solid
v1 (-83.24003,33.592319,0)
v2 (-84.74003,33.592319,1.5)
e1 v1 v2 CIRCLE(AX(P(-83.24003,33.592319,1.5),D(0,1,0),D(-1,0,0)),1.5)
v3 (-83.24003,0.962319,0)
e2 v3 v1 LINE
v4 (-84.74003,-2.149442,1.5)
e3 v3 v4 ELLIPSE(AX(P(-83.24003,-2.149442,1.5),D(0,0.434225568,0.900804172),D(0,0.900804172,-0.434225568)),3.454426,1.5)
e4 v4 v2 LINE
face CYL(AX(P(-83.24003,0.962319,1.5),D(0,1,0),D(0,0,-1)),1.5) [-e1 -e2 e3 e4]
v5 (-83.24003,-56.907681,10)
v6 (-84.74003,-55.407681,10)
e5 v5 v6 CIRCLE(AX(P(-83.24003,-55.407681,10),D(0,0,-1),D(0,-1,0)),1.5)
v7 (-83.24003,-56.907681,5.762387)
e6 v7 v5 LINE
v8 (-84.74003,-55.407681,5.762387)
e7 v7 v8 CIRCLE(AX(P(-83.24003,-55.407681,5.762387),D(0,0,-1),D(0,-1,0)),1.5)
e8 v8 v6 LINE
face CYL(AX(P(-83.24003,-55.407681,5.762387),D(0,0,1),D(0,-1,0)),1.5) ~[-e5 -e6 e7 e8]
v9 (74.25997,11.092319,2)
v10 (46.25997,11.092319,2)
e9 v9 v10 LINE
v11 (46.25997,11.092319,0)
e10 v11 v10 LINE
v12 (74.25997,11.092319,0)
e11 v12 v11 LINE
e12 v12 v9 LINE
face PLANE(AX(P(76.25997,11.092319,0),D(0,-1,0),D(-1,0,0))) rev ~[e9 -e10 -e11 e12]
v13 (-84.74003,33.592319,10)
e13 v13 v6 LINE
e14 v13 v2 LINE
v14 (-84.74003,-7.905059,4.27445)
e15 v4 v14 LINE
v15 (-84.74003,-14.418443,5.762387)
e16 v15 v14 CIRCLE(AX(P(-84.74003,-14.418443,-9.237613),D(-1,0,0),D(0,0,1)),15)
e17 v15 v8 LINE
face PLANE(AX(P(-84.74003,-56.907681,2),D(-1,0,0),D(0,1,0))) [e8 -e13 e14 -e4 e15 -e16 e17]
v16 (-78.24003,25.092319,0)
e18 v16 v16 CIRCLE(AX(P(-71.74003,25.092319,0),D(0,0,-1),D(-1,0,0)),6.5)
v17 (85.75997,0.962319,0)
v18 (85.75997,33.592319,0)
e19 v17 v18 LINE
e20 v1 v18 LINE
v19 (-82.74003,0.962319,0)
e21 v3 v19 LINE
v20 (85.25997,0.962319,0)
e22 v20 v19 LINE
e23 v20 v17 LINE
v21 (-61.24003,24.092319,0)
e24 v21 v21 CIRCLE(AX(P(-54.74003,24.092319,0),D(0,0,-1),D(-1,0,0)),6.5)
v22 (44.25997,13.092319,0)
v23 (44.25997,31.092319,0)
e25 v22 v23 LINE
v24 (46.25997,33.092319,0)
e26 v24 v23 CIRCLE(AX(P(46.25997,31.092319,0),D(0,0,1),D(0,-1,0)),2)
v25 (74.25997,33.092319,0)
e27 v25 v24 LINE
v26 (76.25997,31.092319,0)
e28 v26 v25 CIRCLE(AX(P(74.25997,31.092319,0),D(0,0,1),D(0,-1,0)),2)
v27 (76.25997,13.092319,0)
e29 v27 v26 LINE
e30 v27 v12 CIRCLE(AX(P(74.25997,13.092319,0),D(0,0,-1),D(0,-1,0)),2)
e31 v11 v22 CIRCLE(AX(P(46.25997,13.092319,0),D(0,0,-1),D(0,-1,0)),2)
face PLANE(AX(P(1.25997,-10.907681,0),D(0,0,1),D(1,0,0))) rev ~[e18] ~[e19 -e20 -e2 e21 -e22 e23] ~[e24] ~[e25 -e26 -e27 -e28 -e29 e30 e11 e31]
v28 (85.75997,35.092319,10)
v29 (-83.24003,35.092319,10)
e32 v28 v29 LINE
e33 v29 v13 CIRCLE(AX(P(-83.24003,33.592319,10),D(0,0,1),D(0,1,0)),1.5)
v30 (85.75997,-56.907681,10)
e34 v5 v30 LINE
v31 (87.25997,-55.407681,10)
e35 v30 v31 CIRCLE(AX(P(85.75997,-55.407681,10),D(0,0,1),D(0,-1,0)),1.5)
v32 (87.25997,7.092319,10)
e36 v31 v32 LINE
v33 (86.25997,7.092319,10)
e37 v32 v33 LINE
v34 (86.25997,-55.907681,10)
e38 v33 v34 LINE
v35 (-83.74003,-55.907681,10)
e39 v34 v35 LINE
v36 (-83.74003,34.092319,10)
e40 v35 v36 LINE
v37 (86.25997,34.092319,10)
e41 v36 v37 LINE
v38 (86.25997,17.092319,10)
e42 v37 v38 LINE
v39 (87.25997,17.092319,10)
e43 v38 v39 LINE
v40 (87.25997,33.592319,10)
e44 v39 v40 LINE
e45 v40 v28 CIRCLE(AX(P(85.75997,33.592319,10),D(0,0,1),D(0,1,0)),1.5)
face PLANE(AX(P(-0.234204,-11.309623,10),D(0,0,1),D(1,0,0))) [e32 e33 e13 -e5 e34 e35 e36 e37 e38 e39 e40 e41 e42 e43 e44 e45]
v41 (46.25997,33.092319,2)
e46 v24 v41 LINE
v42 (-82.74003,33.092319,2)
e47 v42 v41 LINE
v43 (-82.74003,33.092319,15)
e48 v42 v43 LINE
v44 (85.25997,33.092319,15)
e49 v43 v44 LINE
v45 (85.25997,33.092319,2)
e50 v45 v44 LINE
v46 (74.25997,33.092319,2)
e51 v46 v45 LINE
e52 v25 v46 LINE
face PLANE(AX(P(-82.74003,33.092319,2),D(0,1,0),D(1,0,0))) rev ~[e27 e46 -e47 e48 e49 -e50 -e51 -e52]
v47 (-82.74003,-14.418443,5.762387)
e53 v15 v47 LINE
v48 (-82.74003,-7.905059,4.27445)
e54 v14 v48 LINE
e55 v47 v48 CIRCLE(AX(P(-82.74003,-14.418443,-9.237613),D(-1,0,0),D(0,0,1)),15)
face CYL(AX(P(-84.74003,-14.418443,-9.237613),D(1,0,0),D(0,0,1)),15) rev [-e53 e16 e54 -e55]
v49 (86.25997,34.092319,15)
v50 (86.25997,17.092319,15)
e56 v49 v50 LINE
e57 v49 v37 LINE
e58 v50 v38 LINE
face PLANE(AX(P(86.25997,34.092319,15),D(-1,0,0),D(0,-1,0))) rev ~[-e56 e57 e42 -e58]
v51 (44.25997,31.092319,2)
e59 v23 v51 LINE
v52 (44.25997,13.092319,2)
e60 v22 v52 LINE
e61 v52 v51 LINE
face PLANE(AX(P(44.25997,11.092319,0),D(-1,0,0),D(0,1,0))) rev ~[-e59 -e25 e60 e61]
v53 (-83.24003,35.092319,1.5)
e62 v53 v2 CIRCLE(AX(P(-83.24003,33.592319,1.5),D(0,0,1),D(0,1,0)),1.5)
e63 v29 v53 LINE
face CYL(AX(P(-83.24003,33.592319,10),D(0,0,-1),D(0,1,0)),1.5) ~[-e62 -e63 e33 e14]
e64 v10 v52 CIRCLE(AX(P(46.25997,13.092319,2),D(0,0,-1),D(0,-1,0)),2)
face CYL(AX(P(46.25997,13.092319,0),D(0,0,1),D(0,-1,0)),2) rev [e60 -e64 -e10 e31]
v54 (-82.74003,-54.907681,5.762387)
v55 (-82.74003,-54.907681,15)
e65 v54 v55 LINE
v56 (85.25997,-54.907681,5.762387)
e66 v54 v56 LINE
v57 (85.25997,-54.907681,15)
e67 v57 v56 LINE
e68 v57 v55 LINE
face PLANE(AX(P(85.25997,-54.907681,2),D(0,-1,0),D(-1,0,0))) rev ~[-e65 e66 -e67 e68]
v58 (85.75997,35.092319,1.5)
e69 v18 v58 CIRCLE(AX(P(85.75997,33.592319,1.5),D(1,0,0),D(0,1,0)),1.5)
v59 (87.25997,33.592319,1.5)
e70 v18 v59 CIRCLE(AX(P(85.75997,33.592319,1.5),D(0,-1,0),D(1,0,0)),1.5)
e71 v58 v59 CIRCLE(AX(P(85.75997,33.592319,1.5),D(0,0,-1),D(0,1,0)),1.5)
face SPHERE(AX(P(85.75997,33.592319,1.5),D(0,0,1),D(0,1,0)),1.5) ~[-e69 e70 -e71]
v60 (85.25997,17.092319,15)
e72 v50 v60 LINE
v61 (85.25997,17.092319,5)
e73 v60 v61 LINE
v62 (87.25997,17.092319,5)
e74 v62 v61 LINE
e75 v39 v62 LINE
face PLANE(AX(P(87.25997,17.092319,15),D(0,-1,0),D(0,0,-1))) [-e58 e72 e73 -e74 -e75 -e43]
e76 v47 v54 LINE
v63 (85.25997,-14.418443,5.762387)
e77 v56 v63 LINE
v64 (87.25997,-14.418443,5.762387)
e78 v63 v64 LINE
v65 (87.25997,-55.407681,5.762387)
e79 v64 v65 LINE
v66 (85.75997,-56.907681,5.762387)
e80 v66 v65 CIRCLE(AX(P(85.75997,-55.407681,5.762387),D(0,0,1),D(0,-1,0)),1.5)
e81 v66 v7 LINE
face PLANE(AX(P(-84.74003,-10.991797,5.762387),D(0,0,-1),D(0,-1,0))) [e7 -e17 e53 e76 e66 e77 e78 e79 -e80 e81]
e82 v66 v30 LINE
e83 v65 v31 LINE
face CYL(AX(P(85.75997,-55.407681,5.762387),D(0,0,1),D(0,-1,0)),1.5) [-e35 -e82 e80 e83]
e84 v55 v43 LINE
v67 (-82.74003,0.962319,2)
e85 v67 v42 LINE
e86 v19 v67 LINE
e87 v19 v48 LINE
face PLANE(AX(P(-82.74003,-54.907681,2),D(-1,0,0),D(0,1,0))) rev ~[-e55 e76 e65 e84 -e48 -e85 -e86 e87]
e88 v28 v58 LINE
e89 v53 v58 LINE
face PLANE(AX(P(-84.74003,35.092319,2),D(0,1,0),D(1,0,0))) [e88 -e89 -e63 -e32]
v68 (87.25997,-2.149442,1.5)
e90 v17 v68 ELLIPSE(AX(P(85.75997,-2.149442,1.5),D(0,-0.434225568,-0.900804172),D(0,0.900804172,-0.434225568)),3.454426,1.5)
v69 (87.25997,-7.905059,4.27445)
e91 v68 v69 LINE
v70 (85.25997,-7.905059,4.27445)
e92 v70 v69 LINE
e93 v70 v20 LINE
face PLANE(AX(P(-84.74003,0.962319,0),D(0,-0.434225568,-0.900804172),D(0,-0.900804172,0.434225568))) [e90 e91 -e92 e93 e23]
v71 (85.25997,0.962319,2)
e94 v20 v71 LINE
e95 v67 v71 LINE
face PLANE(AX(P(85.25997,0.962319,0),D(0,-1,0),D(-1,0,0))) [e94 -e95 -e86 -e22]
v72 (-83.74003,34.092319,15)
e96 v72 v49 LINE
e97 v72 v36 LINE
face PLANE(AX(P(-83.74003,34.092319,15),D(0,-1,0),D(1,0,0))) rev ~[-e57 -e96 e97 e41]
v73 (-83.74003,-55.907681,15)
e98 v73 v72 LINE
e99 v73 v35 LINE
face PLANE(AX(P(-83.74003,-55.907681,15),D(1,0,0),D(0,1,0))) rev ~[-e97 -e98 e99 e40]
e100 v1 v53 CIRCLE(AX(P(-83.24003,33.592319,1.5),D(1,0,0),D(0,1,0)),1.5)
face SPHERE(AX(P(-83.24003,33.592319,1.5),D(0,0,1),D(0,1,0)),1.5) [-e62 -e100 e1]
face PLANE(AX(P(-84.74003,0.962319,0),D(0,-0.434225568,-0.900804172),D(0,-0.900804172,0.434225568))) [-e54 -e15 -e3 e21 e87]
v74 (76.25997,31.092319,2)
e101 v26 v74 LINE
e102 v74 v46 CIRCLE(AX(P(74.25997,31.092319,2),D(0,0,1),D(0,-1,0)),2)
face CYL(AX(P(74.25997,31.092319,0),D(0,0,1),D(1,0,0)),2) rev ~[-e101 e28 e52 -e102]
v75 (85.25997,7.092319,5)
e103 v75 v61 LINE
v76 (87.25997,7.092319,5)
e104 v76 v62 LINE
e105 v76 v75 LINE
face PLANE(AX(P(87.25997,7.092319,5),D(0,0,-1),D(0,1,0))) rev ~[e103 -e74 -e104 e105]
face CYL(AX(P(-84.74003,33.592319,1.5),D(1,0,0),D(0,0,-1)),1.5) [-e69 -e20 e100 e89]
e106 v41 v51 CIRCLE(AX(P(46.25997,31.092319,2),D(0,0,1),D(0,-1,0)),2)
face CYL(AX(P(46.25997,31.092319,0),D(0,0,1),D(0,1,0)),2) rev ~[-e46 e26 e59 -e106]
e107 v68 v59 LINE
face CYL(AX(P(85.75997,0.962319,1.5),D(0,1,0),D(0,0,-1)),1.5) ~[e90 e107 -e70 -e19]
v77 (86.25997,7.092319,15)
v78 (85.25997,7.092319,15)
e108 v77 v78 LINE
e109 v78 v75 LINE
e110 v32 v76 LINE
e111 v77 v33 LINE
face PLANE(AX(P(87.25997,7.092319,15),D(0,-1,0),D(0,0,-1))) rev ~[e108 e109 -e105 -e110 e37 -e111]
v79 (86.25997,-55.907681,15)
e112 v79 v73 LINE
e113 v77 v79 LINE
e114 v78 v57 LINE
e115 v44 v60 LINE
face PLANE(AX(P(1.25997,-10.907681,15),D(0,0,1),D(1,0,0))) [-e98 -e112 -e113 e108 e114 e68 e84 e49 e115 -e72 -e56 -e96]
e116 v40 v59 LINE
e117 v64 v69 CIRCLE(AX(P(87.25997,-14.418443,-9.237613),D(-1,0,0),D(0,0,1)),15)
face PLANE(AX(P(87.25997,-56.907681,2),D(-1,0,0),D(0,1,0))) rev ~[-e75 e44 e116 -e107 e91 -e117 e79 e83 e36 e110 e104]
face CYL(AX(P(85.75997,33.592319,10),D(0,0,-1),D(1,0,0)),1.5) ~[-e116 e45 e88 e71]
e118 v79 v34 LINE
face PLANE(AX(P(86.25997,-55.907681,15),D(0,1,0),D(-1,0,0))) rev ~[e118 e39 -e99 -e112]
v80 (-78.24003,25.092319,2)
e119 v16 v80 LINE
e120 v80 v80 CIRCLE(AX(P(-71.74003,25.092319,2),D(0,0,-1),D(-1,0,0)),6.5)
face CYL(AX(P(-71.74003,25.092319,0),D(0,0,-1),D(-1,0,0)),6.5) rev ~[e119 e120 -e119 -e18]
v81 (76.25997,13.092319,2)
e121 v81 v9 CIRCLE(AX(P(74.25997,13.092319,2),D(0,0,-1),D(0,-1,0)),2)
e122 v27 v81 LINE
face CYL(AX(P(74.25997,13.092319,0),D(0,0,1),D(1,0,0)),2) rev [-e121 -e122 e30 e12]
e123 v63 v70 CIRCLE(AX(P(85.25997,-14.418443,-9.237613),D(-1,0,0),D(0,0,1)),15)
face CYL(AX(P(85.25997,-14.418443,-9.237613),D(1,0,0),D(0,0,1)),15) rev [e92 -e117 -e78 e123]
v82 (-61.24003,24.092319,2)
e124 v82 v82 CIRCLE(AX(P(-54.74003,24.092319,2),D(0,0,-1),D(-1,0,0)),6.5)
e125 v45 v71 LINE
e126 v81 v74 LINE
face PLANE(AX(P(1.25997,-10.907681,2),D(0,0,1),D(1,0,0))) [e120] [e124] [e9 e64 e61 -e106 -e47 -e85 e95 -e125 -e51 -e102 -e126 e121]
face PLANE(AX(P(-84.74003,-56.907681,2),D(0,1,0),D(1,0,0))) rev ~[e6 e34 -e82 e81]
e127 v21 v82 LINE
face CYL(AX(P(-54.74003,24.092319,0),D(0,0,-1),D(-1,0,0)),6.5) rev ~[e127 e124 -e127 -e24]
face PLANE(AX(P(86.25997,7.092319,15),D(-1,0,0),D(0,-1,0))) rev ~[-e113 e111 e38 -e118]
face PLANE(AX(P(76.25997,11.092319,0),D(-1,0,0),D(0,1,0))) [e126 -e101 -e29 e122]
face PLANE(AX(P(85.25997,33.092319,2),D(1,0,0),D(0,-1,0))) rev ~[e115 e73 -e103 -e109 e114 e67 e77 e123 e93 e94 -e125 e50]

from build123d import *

# Parameters (mm, degrees)
SKETCH_1_W               = 172
SKETCH_1_H               = 92
EXTRUDE_1_DEPTH          = 2
SKETCH_2_W               = 32
SKETCH_2_H               = 22
CUT_EXTRUDE_1_DEPTH      = 2
SKETCH_3_R               = 6.5
CUT_EXTRUDE_2_DEPTH      = 2
SKETCH_4_W               = 172
SKETCH_4_H               = 92
EXTRUDE_3_DEPTH          = 13
SKETCH_5_W               = 168
SKETCH_5_H               = 55.87
CUT_EXTRUDE_3_DEPTH      = 18
CUT_EXTRUDE_4_DEPTH      = 182.789670088
CUT_EXTRUDE_4_DEPTH_BACK = 172
FILLET_1_R               = 15
SKETCH_7_W               = 10
SKETCH_7_H               = 10
CUT_EXTRUDE_5_DEPTH      = 2
CUT_EXTRUDE_6_DEPTH      = 5
FILLET_2_R               = 2
FILLET_3_R               = 1.5


with BuildPart() as part:
    # 草图1 → 凸台-拉伸1 (new body)
    with BuildSketch(Plane.XY):
        with Locations((1.259970458, -10.907680945)):
            Rectangle(SKETCH_1_W, SKETCH_1_H)
    extrude(amount=EXTRUDE_1_DEPTH)

    # 草图2 → 切除-拉伸1 (cut)
    with BuildSketch(Plane(origin=(0, 0, 0), x_dir=(-1, 0, 0), z_dir=(0, 0, -1))):
        with Locations((-60.259970458, 22.092319055)):
            Rectangle(SKETCH_2_W, SKETCH_2_H)
    extrude(amount=-CUT_EXTRUDE_1_DEPTH, mode=Mode.SUBTRACT)

    # 草图3 → 切除-拉伸2 (cut)
    with BuildSketch(Plane(origin=(0, 0, 0), x_dir=(-1, 0, 0), z_dir=(0, 0, -1))):
        with Locations((54.740029542, 24.092319055)):
            Circle(SKETCH_3_R)
        with Locations((71.740029542, 25.092319055)):
            Circle(SKETCH_3_R)
    extrude(amount=-CUT_EXTRUDE_2_DEPTH, mode=Mode.SUBTRACT)

    # 草图4 → 凸台-拉伸3 (add)
    with BuildSketch(Plane.XY.offset(2)):
        with Locations((1.259970458, -10.907680945)):
            Rectangle(SKETCH_4_W, SKETCH_4_H)
        Polygon((-82.740029542, -54.907680945), (-82.740029542, 33.092319055), (44.259970458, 33.092319055), (76.259970458, 33.092319055), (85.259970458, 33.092319055), (85.259970458, -54.907680945), align=None, mode=Mode.SUBTRACT)
    extrude(amount=EXTRUDE_3_DEPTH)

    # 草图5 → 切除-拉伸3 (cut)
    with BuildSketch(Plane(origin=(0, 0, 0), x_dir=(-1, 0, 0), z_dir=(0, 0, -1))):
        with Locations((-1.259970458, -26.972680945)):
            Rectangle(SKETCH_5_W, SKETCH_5_H)
    extrude(amount=-CUT_EXTRUDE_3_DEPTH, mode=Mode.SUBTRACT)

    # 草图6 → 切除-拉伸4 (cut, two sides: drawn at the far end of the back side and taken through both)
    with BuildSketch(Plane(origin=(87.259970458, 0, 0), x_dir=(0, 0, -1), z_dir=(1, 0, 0)).offset(-CUT_EXTRUDE_4_DEPTH_BACK)):
        Polygon((84.64151075, 176.551763032), (0, 0.962319055), (-5.76238744, -10.991796575), (-5.76238744, -56.907680945), (-5.76238744, -251.832892702), (375.68654555, -332.33173887), (466.09044374, 96.052916865), align=None)
    extrude(amount=CUT_EXTRUDE_4_DEPTH + CUT_EXTRUDE_4_DEPTH_BACK, mode=Mode.SUBTRACT)

    # 圆角1
    fillet_1_edges = [part.edges().sort_by_distance(p)[0] for p in [
        (86.259970458, -10.991796575, 5.76238744),
        (-83.740029542, -10.991796575, 5.76238744),
    ]]
    fillet(fillet_1_edges, radius=FILLET_1_R)

    # 草图7 → 切除-拉伸5 (cut)
    with BuildSketch(Plane(origin=(87.259970458, 0, 0), x_dir=(0, 0, -1), z_dir=(1, 0, 0))):
        with Locations((-10, 12.092319055)):
            Rectangle(SKETCH_7_W, SKETCH_7_H)
    extrude(amount=-CUT_EXTRUDE_5_DEPTH, mode=Mode.SUBTRACT)

    # 草图8 → 切除-拉伸6 (cut)
    with BuildSketch(Plane.XY.offset(15)):
        Polygon((-83.740029542, -55.907680945), (-83.740029542, 34.092319055), (86.259970458, 34.092319055), (86.259970458, 17.092319055), (87.259970458, 17.092319055), (87.259970458, 35.092319055), (-84.740029542, 35.092319055), (-84.740029542, -56.907680945), (87.259970458, -56.907680945), (87.259970458, 7.092319055), (86.259970458, 7.092319055), (86.259970458, -55.907680945), align=None)
    extrude(amount=-CUT_EXTRUDE_6_DEPTH, mode=Mode.SUBTRACT)

    # 圆角2
    fillet_2_edges = [part.edges().sort_by_distance(p)[0] for p in [
        (76.259970458, 11.092319055, 1),
        (76.259970458, 33.092319055, 1),
        (44.259970458, 33.092319055, 1),
        (44.259970458, 11.092319055, 1),
    ]]
    fillet(fillet_2_edges, radius=FILLET_2_R)

    # 圆角3
    fillet_3_edges = [part.edges().sort_by_distance(p)[0] for p in [
        (-84.740029542, 35.092319055, 5),
        (87.259970458, 35.092319055, 5),
        (87.259970458, -56.907680945, 7.88119372),
        (-84.740029542, -56.907680945, 7.88119372),
        (1.259970458, 35.092319055, 0),
        (-84.740029542, 18.027319055, 0),
        (87.259970458, 18.027319055, 0),
    ]]
    fillet(fillet_3_edges, radius=FILLET_3_R)


solid = part.part
